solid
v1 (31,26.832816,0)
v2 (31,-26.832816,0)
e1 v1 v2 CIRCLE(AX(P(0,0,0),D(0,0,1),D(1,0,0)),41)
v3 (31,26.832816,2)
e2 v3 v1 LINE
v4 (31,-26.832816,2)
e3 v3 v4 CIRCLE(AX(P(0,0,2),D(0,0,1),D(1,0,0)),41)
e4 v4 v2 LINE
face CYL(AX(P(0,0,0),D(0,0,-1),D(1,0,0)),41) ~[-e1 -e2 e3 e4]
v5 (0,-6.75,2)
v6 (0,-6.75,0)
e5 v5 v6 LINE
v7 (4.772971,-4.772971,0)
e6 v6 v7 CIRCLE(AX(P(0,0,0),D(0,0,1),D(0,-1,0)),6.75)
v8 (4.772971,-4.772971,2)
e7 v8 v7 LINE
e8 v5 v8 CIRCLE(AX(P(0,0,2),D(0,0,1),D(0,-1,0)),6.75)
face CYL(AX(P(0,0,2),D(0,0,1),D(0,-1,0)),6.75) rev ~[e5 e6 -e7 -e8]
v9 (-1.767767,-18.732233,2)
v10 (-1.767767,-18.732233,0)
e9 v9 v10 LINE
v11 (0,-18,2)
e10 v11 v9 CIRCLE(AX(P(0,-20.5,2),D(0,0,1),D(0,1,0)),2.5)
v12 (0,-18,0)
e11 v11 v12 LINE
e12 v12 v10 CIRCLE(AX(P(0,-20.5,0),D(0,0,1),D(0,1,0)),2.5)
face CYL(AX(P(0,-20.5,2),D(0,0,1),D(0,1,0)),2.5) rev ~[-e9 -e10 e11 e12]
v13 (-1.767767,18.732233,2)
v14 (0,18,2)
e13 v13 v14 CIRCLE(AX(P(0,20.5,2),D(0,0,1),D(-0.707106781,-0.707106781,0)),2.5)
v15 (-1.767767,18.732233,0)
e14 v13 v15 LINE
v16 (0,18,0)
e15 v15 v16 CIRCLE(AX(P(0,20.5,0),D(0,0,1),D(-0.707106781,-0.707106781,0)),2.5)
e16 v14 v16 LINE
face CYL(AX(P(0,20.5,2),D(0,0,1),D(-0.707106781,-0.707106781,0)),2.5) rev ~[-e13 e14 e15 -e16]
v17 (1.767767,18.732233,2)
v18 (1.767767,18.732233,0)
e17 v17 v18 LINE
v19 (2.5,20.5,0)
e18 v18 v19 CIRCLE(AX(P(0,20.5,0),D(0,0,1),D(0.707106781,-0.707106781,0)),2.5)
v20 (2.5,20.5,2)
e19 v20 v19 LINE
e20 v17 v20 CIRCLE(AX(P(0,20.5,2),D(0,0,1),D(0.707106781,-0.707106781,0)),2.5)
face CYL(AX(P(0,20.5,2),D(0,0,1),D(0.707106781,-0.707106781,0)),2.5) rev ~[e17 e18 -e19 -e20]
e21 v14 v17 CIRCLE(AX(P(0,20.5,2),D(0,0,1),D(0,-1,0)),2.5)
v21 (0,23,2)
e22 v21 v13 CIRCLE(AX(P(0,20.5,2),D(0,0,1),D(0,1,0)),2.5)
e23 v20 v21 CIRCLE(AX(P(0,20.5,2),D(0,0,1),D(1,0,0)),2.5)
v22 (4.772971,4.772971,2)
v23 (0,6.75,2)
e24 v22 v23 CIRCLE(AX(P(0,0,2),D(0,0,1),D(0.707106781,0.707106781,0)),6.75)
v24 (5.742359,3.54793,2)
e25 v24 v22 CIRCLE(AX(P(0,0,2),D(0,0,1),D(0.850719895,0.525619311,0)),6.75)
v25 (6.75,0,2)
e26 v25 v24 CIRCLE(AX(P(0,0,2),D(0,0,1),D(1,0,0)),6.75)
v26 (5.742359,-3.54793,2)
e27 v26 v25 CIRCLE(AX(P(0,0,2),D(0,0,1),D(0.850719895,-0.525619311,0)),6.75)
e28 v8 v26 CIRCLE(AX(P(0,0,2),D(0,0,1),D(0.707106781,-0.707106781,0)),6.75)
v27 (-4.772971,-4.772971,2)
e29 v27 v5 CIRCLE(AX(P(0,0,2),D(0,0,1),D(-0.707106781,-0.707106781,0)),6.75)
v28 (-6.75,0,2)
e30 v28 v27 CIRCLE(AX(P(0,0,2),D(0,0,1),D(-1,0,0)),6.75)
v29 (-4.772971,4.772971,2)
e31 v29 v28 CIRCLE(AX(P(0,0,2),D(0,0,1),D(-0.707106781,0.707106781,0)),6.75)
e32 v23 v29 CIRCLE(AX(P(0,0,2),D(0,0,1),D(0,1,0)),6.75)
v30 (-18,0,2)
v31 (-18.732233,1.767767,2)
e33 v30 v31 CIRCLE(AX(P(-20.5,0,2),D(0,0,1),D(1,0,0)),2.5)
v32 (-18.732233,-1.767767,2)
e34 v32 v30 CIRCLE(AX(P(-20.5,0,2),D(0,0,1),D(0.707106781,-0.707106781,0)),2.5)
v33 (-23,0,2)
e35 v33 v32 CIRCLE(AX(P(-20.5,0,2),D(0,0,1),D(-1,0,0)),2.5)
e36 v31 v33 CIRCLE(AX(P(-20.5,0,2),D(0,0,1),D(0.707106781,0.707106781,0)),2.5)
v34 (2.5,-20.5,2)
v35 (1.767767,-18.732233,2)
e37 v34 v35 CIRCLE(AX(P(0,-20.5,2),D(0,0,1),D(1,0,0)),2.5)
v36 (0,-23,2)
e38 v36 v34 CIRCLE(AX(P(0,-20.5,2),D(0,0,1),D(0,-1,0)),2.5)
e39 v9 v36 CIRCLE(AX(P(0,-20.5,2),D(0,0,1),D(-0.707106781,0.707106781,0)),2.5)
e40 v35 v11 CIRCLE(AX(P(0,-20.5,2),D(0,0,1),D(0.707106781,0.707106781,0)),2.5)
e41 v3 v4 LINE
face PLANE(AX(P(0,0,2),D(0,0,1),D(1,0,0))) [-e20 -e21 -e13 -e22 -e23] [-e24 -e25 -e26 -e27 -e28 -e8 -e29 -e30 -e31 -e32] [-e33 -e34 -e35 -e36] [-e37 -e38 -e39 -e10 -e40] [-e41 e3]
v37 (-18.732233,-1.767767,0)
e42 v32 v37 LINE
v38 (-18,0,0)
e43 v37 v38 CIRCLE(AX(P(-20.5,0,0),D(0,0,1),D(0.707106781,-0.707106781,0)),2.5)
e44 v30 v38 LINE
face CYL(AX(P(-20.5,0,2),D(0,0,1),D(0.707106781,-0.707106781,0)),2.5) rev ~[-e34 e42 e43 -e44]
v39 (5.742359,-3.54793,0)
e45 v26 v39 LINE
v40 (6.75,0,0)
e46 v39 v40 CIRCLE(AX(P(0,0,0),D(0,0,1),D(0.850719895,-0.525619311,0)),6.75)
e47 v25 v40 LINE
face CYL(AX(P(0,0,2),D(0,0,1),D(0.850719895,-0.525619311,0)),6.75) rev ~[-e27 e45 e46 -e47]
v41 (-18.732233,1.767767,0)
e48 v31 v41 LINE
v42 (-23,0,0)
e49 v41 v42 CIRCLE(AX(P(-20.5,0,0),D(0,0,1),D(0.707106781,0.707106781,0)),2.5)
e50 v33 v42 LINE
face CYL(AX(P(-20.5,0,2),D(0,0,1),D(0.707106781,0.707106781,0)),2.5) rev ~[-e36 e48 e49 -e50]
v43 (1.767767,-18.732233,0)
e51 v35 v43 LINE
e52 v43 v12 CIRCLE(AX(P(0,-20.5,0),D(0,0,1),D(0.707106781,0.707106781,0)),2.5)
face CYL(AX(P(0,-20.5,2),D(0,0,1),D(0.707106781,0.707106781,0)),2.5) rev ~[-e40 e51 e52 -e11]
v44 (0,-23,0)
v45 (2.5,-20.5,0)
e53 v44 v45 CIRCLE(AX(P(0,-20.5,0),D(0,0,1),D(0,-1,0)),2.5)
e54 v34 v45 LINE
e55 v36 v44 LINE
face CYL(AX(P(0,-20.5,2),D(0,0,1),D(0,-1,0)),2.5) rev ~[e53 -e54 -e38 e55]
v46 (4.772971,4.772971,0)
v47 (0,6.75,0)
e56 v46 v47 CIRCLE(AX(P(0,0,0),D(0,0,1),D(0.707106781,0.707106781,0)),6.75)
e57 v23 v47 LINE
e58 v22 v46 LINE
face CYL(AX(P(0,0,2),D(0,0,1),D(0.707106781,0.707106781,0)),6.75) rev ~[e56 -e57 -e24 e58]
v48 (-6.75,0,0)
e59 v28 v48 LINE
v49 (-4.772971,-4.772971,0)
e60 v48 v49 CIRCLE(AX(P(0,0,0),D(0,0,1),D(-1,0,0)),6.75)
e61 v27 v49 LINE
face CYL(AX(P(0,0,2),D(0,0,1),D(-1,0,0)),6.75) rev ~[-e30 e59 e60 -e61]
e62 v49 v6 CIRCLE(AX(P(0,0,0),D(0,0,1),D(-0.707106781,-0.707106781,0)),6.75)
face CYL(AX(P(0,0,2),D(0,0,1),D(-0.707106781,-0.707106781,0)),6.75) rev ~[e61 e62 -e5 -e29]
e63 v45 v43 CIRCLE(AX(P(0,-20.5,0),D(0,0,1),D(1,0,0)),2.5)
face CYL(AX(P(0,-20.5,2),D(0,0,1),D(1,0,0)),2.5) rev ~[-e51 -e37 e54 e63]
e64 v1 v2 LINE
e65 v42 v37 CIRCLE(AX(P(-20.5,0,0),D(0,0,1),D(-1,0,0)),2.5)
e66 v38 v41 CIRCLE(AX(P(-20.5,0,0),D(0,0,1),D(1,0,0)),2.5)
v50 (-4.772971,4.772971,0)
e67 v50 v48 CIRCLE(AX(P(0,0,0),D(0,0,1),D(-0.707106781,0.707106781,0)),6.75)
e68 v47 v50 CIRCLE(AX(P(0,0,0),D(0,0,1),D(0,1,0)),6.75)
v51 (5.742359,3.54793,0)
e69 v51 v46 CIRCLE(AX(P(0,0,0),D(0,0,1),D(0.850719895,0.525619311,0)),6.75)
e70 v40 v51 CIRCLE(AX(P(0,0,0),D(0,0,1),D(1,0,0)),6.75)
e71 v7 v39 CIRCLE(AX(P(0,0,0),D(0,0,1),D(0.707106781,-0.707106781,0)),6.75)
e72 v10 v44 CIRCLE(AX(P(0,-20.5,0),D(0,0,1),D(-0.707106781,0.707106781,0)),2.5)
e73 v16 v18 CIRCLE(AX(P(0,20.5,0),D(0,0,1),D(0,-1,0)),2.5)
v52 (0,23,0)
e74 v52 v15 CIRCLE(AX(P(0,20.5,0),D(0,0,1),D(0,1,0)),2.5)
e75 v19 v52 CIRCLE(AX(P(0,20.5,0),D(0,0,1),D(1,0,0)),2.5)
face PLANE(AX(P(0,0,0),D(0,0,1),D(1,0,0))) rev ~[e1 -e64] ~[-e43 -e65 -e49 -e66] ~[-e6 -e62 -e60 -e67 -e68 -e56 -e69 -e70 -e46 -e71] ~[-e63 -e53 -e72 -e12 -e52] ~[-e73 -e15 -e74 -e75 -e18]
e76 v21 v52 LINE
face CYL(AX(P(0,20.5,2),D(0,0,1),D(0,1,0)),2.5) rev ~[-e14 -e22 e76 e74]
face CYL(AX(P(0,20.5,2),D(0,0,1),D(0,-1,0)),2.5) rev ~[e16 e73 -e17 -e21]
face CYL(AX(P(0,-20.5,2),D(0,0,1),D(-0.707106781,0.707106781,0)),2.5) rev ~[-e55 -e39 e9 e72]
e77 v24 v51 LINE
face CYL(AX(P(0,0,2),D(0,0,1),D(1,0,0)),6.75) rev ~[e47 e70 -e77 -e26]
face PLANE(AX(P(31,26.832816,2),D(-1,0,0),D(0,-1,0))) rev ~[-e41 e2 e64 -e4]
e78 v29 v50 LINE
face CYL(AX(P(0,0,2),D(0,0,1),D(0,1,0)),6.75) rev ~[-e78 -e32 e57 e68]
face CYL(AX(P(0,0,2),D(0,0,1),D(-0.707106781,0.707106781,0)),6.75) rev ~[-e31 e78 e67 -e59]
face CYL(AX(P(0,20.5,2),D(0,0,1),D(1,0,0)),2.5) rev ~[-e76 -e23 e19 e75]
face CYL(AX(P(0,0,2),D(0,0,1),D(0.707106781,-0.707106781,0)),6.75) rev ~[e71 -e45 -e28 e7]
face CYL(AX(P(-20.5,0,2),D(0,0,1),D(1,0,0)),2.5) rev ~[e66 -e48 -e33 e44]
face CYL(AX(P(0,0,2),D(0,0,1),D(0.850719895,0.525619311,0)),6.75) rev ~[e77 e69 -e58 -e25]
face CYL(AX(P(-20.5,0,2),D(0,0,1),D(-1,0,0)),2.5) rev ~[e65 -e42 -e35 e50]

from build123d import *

# Parameters (mm, degrees)
F0_R     = 41
F1_DEPTH = 2
F3_DEPTH = 2.001


with BuildPart() as f1:
    # F0 (on Top) → F1 (new body)
    with BuildSketch(Plane.XY):
        Circle(F0_R)
    extrude(amount=F1_DEPTH)

    # F2 (on face) → F3 (cut, through all)
    with BuildSketch(Plane.XY.offset(2)):
        with BuildLine():
            Line((-23, 0), (-20.5, 0))
            Line((-20.5, 0), (-18.732233047, 1.767766953))
            ThreePointArc((-18.732233047, 1.767766953), (-21.4567085809, 2.3096988313), (-23, 0))
        make_face()
        with BuildLine():
            Line((-18.732233047, -1.767766953), (-20.5, 0))
            Line((-20.5, 0), (-23, 0))
            ThreePointArc((-23, 0), (-21.4567085809, -2.3096988313), (-18.732233047, -1.767766953))
        make_face()
        with BuildLine():
            ThreePointArc((-18.732233047, -1.767766953), (-18.1903011687, -0.9567085809), (-18, 0))
            Line((-18, 0), (-20.5, 0))
            Line((-20.5, 0), (-18.732233047, -1.767766953))
        make_face()
        with BuildLine():
            Line((-20.5, 0), (-18, 0))
            ThreePointArc((-18, 0), (-18.1903011687, 0.9567085809), (-18.732233047, 1.767766953))
            Line((-18.732233047, 1.767766953), (-20.5, 0))
        make_face()
        with BuildLine():
            Line((-1.767766953, 18.732233047), (0, 20.5))
            Line((0, 20.5), (0, 23))
            ThreePointArc((0, 23), (-2.3096988313, 21.4567085809), (-1.767766953, 18.732233047))
        make_face()
        with BuildLine():
            ThreePointArc((-1.767766953, 18.732233047), (-0.9567085809, 18.1903011687), (0, 18))
            Line((0, 18), (0, 20.5))
            Line((0, 20.5), (-1.767766953, 18.732233047))
        make_face()
        with BuildLine():
            Line((0, 20.5), (0, 18))
            ThreePointArc((0, 18), (0.9567085809, 18.1903011687), (1.767766953, 18.732233047))
            Line((1.767766953, 18.732233047), (0, 20.5))
        make_face()
        with BuildLine():
            Line((0, 23), (0, 20.5))
            Line((0, 20.5), (1.767766953, 18.732233047))
            ThreePointArc((1.767766953, 18.732233047), (2.3096988313, 19.5432914191), (2.5, 20.5))
            ThreePointArc((2.5, 20.5), (1.767766953, 22.267766953), (0, 23))
        make_face()
        with BuildLine():
            Line((-4.772970773, 4.772970773), (0, 0))
            Line((0, 0), (0, 6.75))
            ThreePointArc((0, 6.75), (-2.5831131685, 6.2361868445), (-4.772970773, 4.772970773))
        make_face()
        with BuildLine():
            Line((-6.75, 0), (0, 0))
            Line((0, 0), (-4.772970773, 4.772970773))
            ThreePointArc((-4.772970773, 4.772970773), (-6.2361868445, 2.5831131685), (-6.75, 0))
        make_face()
        with BuildLine():
            Line((-4.772970773, -4.772970773), (0, 0))
            Line((0, 0), (-6.75, 0))
            ThreePointArc((-6.75, 0), (-6.2361868445, -2.5831131685), (-4.772970773, -4.772970773))
        make_face()
        with BuildLine():
            Line((0, -6.75), (0, 0))
            Line((0, 0), (-4.772970773, -4.772970773))
            ThreePointArc((-4.772970773, -4.772970773), (-2.5831131685, -6.2361868445), (0, -6.75))
        make_face()
        with BuildLine():
            Line((4.772970773, -4.772970773), (0, 0))
            Line((0, 0), (0, -6.75))
            ThreePointArc((0, -6.75), (2.5831131685, -6.2361868445), (4.772970773, -4.772970773))
        make_face()
        with BuildLine():
            Line((6.75, 0), (0, 0))
            Line((0, 0), (5.7423592933, -3.5479303469))
            ThreePointArc((5.7423592933, -3.5479303469), (6.4932051111, -1.8441223888), (6.75, 0))
        make_face()
        with BuildLine():
            Line((5.7423592933, 3.5479303469), (0, 0))
            Line((0, 0), (6.75, 0))
            ThreePointArc((6.75, 0), (6.4932051111, 1.8441223888), (5.7423592933, 3.5479303469))
        make_face()
        with BuildLine():
            Line((0, 6.75), (0, 0))
            Line((0, 0), (4.772970773, 4.772970773))
            ThreePointArc((4.772970773, 4.772970773), (2.5831131685, 6.2361868445), (0, 6.75))
        make_face()
        with BuildLine():
            Line((5.7423592933, -3.5479303469), (0, 0))
            Line((0, 0), (4.772970773, -4.772970773))
            ThreePointArc((4.772970773, -4.772970773), (5.2932242171, -4.1885889495), (5.7423592933, -3.5479303469))
        make_face()
        with BuildLine():
            Line((4.772970773, 4.772970773), (0, 0))
            Line((0, 0), (5.7423592933, 3.5479303469))
            ThreePointArc((5.7423592933, 3.5479303469), (5.2932242171, 4.1885889495), (4.772970773, 4.772970773))
        make_face()
        with BuildLine():
            Line((0, -23), (0, -20.5))
            Line((0, -20.5), (-1.767766953, -18.732233047))
            ThreePointArc((-1.767766953, -18.732233047), (-2.3096988313, -21.4567085809), (0, -23))
        make_face()
        with BuildLine():
            ThreePointArc((1.767766953, -18.732233047), (0.9567085809, -18.1903011687), (0, -18))
            Line((0, -18), (0, -20.5))
            Line((0, -20.5), (1.767766953, -18.732233047))
        make_face()
        with BuildLine():
            Line((0, -20.5), (0, -18))
            ThreePointArc((0, -18), (-0.9567085809, -18.1903011687), (-1.767766953, -18.732233047))
            Line((-1.767766953, -18.732233047), (0, -20.5))
        make_face()
        with BuildLine():
            Line((1.767766953, -18.732233047), (0, -20.5))
            Line((0, -20.5), (0, -23))
            ThreePointArc((0, -23), (1.767766953, -22.267766953), (2.5, -20.5))
            ThreePointArc((2.5, -20.5), (2.3096988313, -19.5432914191), (1.767766953, -18.732233047))
        make_face()
        with BuildLine():
            Line((41, 0), (31, 0))
            Line((31, 0), (31, -26.83281573))
            ThreePointArc((31, -26.83281573), (38.4187454246, -14.3178210633), (41, 0))
        make_face()
        with BuildLine():
            Line((31, 26.83281573), (31, 0))
            Line((31, 0), (41, 0))
            ThreePointArc((41, 0), (38.4187454246, 14.3178210633), (31, 26.83281573))
        make_face()
    extrude(amount=-F3_DEPTH, mode=Mode.SUBTRACT)


solid = f1.part
